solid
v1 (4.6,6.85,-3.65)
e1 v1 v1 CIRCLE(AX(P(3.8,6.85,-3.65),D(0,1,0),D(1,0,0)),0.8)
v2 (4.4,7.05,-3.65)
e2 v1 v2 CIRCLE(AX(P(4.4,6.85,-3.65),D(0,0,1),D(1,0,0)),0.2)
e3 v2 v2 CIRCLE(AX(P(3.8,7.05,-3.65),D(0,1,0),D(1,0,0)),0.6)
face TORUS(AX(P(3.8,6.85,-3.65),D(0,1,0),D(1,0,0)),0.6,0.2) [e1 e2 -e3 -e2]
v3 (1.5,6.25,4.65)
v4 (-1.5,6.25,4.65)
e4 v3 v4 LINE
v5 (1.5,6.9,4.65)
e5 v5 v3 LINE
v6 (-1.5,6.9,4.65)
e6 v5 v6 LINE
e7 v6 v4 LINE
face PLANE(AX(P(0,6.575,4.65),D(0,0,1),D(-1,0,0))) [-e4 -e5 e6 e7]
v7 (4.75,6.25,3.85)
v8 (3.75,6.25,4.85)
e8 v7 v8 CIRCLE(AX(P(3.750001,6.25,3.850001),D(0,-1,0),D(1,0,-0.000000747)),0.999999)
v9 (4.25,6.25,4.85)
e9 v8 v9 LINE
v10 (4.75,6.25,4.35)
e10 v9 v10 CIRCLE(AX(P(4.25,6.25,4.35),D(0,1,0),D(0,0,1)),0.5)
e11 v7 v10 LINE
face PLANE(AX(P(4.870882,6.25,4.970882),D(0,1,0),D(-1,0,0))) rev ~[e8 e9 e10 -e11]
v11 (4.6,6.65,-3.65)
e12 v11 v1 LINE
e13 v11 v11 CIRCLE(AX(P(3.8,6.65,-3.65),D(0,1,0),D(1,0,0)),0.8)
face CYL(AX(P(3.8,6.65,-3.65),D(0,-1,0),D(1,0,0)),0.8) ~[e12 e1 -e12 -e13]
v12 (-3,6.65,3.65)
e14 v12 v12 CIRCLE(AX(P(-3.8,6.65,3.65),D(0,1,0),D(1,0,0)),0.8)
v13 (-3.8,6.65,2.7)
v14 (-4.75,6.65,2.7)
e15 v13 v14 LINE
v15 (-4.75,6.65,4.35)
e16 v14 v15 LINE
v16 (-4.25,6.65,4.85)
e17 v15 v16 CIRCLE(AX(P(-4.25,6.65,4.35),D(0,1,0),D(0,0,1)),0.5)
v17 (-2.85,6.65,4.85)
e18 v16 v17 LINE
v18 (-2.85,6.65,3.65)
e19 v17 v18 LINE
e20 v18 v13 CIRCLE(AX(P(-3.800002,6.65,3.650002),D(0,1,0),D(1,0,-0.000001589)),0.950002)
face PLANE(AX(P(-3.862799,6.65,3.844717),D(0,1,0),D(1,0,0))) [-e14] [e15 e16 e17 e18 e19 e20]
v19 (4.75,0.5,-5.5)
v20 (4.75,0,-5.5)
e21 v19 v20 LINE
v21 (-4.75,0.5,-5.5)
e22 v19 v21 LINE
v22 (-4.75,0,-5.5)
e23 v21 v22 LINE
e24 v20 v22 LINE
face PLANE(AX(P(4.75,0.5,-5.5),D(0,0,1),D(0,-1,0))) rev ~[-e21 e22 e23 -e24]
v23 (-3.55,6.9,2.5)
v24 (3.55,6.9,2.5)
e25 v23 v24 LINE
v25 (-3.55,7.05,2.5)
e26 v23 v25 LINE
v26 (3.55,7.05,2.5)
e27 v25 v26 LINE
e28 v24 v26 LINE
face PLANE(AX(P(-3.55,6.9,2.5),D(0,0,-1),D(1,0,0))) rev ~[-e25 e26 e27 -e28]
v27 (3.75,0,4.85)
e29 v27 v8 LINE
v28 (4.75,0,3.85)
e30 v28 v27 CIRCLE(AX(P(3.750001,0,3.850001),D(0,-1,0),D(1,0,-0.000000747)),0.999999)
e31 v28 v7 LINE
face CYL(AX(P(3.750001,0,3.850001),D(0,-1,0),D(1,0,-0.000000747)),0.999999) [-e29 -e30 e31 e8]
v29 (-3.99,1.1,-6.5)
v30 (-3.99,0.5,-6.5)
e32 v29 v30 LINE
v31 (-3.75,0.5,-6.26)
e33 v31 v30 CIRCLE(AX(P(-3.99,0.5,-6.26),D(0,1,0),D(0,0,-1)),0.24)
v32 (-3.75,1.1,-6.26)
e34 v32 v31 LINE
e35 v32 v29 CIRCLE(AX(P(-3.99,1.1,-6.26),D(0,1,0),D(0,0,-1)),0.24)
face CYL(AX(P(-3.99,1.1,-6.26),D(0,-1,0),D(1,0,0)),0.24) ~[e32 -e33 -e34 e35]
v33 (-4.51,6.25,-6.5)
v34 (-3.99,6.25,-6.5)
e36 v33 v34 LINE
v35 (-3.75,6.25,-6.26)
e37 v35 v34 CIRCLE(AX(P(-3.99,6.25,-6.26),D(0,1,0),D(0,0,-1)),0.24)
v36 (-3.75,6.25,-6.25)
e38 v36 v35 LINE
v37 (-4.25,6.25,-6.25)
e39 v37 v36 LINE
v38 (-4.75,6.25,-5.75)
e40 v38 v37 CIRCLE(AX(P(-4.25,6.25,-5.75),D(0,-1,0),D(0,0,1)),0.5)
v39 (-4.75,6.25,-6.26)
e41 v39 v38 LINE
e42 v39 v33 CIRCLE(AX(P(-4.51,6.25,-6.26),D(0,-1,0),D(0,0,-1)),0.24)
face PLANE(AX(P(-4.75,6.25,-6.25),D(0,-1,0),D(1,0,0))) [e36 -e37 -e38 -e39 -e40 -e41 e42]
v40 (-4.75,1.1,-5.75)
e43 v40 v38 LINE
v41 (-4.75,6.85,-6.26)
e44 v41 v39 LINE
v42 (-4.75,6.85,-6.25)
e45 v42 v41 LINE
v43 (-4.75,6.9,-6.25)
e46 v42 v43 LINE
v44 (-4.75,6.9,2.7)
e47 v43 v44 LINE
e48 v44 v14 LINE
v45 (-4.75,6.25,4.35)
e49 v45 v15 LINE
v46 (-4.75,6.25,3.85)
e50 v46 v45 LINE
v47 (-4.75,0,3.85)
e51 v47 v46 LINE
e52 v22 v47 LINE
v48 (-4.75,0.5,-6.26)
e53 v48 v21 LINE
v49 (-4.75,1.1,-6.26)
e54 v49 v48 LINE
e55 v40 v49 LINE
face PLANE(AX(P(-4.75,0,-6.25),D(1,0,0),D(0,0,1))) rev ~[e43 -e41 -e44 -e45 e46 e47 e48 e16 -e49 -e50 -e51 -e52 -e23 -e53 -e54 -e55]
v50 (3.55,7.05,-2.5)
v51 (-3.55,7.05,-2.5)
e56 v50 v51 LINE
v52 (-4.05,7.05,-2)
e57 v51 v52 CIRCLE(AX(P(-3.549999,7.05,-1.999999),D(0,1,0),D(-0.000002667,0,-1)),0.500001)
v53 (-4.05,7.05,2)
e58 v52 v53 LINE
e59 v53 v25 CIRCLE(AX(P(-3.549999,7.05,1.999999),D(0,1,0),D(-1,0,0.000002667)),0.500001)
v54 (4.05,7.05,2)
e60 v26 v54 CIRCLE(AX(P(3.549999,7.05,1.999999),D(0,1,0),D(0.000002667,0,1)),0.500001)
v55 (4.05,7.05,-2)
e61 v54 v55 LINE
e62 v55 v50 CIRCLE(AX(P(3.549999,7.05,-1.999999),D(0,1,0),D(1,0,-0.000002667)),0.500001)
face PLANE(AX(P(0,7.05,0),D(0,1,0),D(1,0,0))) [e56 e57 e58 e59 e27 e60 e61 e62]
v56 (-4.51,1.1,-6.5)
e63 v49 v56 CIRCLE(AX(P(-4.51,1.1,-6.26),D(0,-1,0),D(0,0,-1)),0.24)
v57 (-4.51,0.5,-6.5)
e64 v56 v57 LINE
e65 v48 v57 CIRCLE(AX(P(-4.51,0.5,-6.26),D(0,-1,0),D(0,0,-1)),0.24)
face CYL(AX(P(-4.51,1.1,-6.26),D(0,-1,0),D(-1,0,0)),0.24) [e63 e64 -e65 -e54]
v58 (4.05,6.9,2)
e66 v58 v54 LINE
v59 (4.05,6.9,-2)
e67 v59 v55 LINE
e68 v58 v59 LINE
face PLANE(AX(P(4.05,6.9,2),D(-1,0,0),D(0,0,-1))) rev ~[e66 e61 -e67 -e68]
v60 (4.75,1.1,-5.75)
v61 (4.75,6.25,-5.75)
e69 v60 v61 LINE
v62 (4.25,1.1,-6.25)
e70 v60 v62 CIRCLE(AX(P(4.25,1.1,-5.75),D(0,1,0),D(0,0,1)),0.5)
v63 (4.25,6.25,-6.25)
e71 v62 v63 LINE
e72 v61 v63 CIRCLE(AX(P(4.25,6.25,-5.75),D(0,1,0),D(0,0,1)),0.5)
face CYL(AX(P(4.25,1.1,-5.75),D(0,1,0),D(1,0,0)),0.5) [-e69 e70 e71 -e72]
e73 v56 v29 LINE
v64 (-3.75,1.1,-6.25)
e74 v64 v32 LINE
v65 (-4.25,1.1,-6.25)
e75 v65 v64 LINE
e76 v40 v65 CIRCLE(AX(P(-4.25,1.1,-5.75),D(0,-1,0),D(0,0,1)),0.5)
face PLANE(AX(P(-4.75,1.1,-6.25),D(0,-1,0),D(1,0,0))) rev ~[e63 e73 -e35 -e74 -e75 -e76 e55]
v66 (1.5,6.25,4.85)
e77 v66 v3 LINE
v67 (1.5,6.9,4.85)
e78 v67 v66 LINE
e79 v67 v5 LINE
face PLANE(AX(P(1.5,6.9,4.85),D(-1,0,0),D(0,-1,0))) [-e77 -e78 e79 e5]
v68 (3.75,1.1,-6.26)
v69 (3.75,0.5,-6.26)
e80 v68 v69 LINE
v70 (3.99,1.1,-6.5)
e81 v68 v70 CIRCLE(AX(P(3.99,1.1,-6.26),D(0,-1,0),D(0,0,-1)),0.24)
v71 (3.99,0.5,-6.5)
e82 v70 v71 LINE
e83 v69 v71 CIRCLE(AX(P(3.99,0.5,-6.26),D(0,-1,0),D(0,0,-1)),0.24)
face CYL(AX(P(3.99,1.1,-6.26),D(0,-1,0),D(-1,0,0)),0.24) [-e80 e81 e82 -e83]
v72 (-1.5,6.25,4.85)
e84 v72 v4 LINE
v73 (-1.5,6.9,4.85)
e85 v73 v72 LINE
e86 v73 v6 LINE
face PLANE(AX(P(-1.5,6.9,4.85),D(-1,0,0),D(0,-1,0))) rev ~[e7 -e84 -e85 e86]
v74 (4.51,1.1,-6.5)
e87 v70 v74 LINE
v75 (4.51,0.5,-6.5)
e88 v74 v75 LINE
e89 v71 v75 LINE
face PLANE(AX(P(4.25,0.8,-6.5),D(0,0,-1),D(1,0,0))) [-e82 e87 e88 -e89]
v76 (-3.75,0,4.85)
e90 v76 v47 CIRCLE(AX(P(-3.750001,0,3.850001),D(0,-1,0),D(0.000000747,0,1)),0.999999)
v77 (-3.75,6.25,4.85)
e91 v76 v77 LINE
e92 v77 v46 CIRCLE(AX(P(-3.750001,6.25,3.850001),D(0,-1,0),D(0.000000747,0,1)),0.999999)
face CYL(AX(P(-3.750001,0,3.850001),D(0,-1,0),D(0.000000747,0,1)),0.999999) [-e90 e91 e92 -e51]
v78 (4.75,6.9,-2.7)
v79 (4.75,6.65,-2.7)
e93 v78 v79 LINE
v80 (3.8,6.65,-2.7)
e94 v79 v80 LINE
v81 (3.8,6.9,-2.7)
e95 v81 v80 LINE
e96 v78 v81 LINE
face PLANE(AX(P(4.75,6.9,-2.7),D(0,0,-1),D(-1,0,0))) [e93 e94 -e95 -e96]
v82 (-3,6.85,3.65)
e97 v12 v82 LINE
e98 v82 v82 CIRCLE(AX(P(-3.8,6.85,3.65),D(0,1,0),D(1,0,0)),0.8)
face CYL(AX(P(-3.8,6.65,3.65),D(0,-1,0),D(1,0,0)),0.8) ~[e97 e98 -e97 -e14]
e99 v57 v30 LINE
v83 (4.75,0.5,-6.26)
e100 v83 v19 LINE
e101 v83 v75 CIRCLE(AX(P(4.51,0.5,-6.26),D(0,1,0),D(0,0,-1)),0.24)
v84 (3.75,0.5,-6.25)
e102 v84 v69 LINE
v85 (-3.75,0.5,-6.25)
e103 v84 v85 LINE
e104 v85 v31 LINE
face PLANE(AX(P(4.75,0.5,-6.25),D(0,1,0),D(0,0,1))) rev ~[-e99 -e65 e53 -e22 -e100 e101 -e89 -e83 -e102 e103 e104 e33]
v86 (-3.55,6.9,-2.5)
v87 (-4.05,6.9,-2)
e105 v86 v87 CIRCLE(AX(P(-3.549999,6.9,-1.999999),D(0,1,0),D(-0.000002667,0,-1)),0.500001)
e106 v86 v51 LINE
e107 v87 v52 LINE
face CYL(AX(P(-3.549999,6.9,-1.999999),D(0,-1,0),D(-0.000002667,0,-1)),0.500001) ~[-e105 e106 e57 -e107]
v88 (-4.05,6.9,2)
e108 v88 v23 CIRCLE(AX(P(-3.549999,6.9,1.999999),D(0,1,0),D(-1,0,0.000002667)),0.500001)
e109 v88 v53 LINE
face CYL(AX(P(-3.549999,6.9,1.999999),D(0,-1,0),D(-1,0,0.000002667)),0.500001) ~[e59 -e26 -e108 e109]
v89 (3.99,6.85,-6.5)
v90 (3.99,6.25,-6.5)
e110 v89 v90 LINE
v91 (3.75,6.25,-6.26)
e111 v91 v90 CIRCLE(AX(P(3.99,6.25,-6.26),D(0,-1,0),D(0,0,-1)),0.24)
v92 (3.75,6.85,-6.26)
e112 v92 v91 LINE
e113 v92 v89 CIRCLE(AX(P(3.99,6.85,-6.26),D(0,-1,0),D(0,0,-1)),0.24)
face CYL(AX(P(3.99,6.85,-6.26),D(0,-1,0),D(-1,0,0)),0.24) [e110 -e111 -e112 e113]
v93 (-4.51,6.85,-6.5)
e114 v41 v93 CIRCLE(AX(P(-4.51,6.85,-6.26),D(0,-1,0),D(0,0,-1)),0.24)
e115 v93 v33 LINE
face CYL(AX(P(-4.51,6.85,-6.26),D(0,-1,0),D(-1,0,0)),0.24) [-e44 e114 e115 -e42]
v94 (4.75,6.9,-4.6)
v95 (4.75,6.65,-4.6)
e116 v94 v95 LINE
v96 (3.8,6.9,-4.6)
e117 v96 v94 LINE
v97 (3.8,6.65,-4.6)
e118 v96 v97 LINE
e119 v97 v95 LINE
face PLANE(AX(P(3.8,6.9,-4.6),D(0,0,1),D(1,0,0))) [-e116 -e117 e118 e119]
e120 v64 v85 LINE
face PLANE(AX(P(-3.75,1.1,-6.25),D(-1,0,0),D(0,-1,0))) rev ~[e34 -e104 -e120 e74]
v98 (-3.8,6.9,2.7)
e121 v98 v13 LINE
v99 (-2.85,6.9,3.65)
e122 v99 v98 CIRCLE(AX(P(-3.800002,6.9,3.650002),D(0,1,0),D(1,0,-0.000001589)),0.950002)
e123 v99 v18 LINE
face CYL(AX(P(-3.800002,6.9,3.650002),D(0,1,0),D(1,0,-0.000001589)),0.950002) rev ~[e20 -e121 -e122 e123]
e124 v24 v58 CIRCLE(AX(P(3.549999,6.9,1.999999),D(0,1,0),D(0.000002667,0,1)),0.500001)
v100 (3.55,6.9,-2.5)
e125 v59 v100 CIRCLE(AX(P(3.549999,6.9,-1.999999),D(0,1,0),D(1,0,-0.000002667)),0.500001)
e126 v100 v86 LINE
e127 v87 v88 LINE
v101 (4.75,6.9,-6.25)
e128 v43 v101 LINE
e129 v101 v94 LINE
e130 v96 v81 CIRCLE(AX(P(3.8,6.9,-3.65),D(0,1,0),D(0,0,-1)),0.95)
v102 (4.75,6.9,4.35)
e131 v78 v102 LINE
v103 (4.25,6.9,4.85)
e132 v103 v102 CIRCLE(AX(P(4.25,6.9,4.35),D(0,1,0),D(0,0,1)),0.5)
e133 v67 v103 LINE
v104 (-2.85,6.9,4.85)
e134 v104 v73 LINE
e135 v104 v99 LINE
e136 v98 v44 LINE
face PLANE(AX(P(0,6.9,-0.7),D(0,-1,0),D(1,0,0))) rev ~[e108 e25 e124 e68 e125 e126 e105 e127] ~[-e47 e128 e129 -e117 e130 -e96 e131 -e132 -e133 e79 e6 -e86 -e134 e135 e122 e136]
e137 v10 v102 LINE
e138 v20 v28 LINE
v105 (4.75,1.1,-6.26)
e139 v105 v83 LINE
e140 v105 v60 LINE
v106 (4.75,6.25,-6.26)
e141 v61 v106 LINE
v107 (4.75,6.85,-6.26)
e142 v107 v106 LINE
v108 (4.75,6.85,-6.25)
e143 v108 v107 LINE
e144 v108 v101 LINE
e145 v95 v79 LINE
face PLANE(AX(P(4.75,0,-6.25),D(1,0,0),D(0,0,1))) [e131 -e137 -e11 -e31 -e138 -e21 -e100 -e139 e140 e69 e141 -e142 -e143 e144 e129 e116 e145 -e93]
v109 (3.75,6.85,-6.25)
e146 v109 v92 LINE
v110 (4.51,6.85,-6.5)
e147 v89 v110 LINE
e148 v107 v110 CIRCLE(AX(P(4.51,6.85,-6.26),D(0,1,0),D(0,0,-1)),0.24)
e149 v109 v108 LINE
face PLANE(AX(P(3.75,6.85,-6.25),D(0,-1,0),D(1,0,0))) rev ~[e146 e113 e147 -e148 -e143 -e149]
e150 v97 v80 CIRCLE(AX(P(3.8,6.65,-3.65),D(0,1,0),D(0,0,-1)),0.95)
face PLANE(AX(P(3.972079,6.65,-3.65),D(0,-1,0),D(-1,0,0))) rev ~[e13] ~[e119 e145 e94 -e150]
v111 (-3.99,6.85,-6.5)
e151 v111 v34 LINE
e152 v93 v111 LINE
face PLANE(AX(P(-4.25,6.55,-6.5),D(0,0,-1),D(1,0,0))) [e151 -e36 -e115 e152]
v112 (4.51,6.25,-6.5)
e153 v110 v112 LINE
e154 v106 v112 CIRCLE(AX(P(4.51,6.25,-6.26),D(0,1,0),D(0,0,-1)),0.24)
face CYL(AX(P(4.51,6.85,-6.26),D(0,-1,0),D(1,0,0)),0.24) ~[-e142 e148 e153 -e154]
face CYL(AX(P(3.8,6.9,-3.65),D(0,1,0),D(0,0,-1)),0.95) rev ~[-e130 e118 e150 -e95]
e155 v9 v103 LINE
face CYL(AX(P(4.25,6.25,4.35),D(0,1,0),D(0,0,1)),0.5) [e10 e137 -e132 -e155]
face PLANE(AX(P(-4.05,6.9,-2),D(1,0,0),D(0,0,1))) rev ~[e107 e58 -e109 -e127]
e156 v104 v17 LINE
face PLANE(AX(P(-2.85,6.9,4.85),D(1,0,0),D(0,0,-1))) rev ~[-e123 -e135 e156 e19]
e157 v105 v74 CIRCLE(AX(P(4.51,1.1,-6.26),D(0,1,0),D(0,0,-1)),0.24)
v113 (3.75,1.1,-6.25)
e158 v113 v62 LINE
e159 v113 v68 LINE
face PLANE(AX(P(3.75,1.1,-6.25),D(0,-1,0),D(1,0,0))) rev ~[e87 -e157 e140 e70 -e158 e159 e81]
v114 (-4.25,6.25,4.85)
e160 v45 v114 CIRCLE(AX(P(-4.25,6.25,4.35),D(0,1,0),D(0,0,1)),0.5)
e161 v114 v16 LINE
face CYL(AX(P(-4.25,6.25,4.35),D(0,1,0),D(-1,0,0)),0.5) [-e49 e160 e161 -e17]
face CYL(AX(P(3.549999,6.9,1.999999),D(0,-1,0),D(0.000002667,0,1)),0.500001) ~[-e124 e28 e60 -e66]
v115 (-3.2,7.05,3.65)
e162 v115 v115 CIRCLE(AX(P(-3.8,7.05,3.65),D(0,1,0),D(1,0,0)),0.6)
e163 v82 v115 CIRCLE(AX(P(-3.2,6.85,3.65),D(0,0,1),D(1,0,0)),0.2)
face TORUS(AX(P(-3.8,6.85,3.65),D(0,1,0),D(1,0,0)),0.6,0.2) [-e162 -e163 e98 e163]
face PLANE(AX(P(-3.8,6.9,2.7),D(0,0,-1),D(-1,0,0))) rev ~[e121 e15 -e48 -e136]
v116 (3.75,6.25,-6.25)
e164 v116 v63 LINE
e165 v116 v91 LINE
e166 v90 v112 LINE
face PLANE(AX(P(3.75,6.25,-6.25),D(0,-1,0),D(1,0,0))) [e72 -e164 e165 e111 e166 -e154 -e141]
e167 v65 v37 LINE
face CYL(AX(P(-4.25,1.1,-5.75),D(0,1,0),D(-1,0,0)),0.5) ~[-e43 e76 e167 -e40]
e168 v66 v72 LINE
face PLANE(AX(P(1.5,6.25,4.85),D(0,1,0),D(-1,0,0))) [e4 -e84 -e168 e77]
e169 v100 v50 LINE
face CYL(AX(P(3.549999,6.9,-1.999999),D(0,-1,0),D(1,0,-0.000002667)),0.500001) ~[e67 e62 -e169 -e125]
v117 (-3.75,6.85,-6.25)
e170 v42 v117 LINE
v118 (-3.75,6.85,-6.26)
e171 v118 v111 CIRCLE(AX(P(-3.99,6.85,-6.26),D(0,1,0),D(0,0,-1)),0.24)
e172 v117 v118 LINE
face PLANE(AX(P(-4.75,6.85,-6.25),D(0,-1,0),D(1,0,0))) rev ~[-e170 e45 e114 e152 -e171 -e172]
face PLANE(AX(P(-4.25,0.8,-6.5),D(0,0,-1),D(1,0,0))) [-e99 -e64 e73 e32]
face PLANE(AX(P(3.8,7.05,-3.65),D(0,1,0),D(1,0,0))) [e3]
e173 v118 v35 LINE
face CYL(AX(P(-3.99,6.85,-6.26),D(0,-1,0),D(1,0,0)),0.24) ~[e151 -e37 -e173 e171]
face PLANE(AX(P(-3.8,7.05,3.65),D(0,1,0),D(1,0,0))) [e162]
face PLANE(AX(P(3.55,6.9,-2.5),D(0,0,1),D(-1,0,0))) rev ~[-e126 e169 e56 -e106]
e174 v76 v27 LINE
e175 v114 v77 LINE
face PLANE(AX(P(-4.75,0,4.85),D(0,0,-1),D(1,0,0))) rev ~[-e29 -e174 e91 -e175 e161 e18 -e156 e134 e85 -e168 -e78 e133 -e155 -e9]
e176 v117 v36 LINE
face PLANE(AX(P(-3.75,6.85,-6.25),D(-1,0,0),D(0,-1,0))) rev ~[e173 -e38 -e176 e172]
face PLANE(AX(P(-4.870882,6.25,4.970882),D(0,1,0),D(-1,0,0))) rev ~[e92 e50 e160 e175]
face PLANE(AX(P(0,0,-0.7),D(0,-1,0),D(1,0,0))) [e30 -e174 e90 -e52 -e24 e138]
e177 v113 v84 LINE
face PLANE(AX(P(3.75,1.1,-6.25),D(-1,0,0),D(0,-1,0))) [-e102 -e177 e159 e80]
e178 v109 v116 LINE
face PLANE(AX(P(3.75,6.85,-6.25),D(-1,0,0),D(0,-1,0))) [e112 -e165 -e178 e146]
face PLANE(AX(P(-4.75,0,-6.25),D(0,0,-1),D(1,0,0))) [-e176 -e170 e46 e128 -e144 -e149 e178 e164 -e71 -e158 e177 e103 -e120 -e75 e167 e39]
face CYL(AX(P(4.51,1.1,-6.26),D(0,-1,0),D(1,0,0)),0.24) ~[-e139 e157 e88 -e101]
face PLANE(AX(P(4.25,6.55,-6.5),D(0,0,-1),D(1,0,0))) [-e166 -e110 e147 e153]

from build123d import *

# Parameters (mm, degrees)
SKETCH006_W     = 9.5
SKETCH006_H     = 11.1
PAD004_DEPTH    = 6.9
PAD005_DEPTH    = 0.15
POCKET002_DEPTH = 0.25
SKETCH009_R     = 0.8
PAD006_DEPTH    = 0.4
FILLET003_R     = 0.2
SKETCH010_W     = 1
SKETCH010_H     = 0.6
PAD007_DEPTH    = 0.25
FILLET004_R     = 0.24
SKETCH011_W     = 0.75
SKETCH011_H     = 0.5
POCKET003_DEPTH = 9.5
FILLET005_R     = 0.5
POCKET004_DEPTH = 6.25
FILLET006_R     = 0.5
SKETCH013_W     = 3
SKETCH013_H     = 0.65
POCKET005_DEPTH = 0.2


with BuildPart() as part:
    # Sketch006 → Pad004 (new body)
    with BuildSketch(Plane.XZ):
        with Locations((0, -0.7)):
            Rectangle(SKETCH006_W, SKETCH006_H)
    extrude(amount=-PAD004_DEPTH)

    # Sketch007 (on Face6 of Pad004) → Pad005 (join)
    with BuildSketch(Plane(origin=(0, 6.9, 0), x_dir=(1, 0, 0), z_dir=(0, 1, 0))):
        with BuildLine():
            Line((-4.05, 2), (-4.05, -2))
            ThreePointArc((-4.05, -2), (-3.903553, -2.353553), (-3.55, -2.5))
            Line((-3.55, -2.5), (3.55, -2.5))
            ThreePointArc((3.55, -2.5), (3.903553, -2.353553), (4.05, -2))
            Line((4.05, -2), (4.05, 2))
            ThreePointArc((4.05, 2), (3.903553, 2.353553), (3.55, 2.5))
            Line((3.55, 2.5), (-3.55, 2.5))
            ThreePointArc((-3.55, 2.5), (-3.903553, 2.353553), (-4.05, 2))
        make_face()
    extrude(amount=PAD005_DEPTH)

    # Sketch008 (on Face5 of Pad005) → Pocket002 (cut)
    with BuildSketch(Plane(origin=(0, 6.9, 0), x_dir=(1, 0, 0), z_dir=(0, 1, 0))):
        with BuildLine():
            Line((-3.8, -2.7), (-4.75, -2.7))
            Line((-4.75, -2.7), (-4.75, -4.85))
            Line((-4.75, -4.85), (-2.85, -4.85))
            Line((-2.85, -4.85), (-2.85, -3.65))
            ThreePointArc((-2.85, -3.65), (-3.128249, -2.978249), (-3.8, -2.7))
        make_face()
        with BuildLine():
            Line((3.8, 4.6), (4.75, 4.6))
            Line((4.75, 4.6), (4.75, 2.7))
            Line((4.75, 2.7), (3.8, 2.7))
            ThreePointArc((3.8, 4.6), (2.85, 3.65), (3.8, 2.7))
        make_face()
    extrude(amount=-POCKET002_DEPTH, mode=Mode.SUBTRACT)

    # Sketch009 (on Face22 of Pocket002) → Pad006 (join)
    with BuildSketch(Plane(origin=(0, 6.65, 0), x_dir=(1, 0, 0), z_dir=(0, 1, 0))):
        with Locations((3.8, 3.65)):
            Circle(SKETCH009_R)
        with Locations((-3.8, -3.65)):
            Circle(SKETCH009_R)
    extrude(amount=PAD006_DEPTH)

    # Fillet003
    fillet003_edges = [part.edges().sort_by_distance(p)[0] for p in [
        (3, 7.05, -3.65),
        (-4.6, 7.05, 3.65),
    ]]
    fillet(fillet003_edges, radius=FILLET003_R)

    # Sketch010 (on Face12 of Fillet003) → Pad007 (join)
    with BuildSketch(Plane(origin=(0, 0, -6.25), x_dir=(1, 0, 0), z_dir=(0, 0, -1))):
        with Locations((-4.25, -0.8)):
            Rectangle(SKETCH010_W, SKETCH010_H)
        with Locations((-4.25, -6.55)):
            Rectangle(SKETCH010_W, SKETCH010_H)
        with Locations((4.25, -0.8)):
            Rectangle(SKETCH010_W, SKETCH010_H)
        with Locations((4.25, -6.55)):
            Rectangle(SKETCH010_W, SKETCH010_H)
    extrude(amount=PAD007_DEPTH)

    # Fillet004
    fillet004_edges = [part.edges().sort_by_distance(p)[0] for p in [
        (-3.75, 0.8, -6.5),
        (-4.75, 0.8, -6.5),
        (3.75, 0.8, -6.5),
        (4.75, 0.8, -6.5),
        (4.75, 6.55, -6.5),
        (3.75, 6.55, -6.5),
        (-3.75, 6.55, -6.5),
        (-4.75, 6.55, -6.5),
    ]]
    fillet(fillet004_edges, radius=FILLET004_R)

    # Sketch011 (on Face16 of Fillet004) → Pocket003 (cut)
    with BuildSketch(Plane(origin=(4.75, 0, 0), x_dir=(0, 0, 1), z_dir=(1, 0, 0))):
        with Locations((-5.875, -0.25)):
            Rectangle(SKETCH011_W, SKETCH011_H)
    extrude(amount=-POCKET003_DEPTH, mode=Mode.SUBTRACT)

    # Fillet005
    fillet005_edges = [part.edges().sort_by_distance(p)[0] for p in [
        (-4.75, 3.675, -6.25),
        (4.75, 3.675, -6.25),
    ]]
    fillet(fillet005_edges, radius=FILLET005_R)

    # Sketch012 (on Face25 of Fillet005) → Pocket004 (cut)
    with BuildSketch(Plane.XZ):
        with BuildLine():
            Line((3.75, 4.85), (3.75, 5.85))
            Line((3.75, 5.85), (5.75, 5.85))
            Line((5.75, 5.85), (5.75, 3.85))
            Line((5.75, 3.85), (4.75, 3.85))
            ThreePointArc((4.75, 3.85), (4.457107, 4.557107), (3.75, 4.85))
        make_face()
        with BuildLine():
            ThreePointArc((-3.75, 4.85), (-4.457107, 4.557107), (-4.75, 3.85))
            Line((-5.75, 3.85), (-4.75, 3.85))
            Line((-5.75, 5.85), (-5.75, 3.85))
            Line((-3.75, 5.85), (-5.75, 5.85))
            Line((-3.75, 4.85), (-3.75, 5.85))
        make_face()
    extrude(amount=-POCKET004_DEPTH, mode=Mode.SUBTRACT)

    # Fillet006
    fillet006_edges = [part.edges().sort_by_distance(p)[0] for p in [
        (4.75, 6.575, 4.85),
        (-4.75, 6.45, 4.85),
    ]]
    fillet(fillet006_edges, radius=FILLET006_R)

    # Sketch013 (on Face17 of Fillet006) → Pocket005 (cut)
    with BuildSketch(Plane(origin=(0, 0, 4.85), x_dir=(-1, 0, 0), z_dir=(0, 0, 1))):
        with Locations((0, -6.575)):
            Rectangle(SKETCH013_W, SKETCH013_H)
    extrude(amount=-POCKET005_DEPTH, mode=Mode.SUBTRACT)


solid = part.part
